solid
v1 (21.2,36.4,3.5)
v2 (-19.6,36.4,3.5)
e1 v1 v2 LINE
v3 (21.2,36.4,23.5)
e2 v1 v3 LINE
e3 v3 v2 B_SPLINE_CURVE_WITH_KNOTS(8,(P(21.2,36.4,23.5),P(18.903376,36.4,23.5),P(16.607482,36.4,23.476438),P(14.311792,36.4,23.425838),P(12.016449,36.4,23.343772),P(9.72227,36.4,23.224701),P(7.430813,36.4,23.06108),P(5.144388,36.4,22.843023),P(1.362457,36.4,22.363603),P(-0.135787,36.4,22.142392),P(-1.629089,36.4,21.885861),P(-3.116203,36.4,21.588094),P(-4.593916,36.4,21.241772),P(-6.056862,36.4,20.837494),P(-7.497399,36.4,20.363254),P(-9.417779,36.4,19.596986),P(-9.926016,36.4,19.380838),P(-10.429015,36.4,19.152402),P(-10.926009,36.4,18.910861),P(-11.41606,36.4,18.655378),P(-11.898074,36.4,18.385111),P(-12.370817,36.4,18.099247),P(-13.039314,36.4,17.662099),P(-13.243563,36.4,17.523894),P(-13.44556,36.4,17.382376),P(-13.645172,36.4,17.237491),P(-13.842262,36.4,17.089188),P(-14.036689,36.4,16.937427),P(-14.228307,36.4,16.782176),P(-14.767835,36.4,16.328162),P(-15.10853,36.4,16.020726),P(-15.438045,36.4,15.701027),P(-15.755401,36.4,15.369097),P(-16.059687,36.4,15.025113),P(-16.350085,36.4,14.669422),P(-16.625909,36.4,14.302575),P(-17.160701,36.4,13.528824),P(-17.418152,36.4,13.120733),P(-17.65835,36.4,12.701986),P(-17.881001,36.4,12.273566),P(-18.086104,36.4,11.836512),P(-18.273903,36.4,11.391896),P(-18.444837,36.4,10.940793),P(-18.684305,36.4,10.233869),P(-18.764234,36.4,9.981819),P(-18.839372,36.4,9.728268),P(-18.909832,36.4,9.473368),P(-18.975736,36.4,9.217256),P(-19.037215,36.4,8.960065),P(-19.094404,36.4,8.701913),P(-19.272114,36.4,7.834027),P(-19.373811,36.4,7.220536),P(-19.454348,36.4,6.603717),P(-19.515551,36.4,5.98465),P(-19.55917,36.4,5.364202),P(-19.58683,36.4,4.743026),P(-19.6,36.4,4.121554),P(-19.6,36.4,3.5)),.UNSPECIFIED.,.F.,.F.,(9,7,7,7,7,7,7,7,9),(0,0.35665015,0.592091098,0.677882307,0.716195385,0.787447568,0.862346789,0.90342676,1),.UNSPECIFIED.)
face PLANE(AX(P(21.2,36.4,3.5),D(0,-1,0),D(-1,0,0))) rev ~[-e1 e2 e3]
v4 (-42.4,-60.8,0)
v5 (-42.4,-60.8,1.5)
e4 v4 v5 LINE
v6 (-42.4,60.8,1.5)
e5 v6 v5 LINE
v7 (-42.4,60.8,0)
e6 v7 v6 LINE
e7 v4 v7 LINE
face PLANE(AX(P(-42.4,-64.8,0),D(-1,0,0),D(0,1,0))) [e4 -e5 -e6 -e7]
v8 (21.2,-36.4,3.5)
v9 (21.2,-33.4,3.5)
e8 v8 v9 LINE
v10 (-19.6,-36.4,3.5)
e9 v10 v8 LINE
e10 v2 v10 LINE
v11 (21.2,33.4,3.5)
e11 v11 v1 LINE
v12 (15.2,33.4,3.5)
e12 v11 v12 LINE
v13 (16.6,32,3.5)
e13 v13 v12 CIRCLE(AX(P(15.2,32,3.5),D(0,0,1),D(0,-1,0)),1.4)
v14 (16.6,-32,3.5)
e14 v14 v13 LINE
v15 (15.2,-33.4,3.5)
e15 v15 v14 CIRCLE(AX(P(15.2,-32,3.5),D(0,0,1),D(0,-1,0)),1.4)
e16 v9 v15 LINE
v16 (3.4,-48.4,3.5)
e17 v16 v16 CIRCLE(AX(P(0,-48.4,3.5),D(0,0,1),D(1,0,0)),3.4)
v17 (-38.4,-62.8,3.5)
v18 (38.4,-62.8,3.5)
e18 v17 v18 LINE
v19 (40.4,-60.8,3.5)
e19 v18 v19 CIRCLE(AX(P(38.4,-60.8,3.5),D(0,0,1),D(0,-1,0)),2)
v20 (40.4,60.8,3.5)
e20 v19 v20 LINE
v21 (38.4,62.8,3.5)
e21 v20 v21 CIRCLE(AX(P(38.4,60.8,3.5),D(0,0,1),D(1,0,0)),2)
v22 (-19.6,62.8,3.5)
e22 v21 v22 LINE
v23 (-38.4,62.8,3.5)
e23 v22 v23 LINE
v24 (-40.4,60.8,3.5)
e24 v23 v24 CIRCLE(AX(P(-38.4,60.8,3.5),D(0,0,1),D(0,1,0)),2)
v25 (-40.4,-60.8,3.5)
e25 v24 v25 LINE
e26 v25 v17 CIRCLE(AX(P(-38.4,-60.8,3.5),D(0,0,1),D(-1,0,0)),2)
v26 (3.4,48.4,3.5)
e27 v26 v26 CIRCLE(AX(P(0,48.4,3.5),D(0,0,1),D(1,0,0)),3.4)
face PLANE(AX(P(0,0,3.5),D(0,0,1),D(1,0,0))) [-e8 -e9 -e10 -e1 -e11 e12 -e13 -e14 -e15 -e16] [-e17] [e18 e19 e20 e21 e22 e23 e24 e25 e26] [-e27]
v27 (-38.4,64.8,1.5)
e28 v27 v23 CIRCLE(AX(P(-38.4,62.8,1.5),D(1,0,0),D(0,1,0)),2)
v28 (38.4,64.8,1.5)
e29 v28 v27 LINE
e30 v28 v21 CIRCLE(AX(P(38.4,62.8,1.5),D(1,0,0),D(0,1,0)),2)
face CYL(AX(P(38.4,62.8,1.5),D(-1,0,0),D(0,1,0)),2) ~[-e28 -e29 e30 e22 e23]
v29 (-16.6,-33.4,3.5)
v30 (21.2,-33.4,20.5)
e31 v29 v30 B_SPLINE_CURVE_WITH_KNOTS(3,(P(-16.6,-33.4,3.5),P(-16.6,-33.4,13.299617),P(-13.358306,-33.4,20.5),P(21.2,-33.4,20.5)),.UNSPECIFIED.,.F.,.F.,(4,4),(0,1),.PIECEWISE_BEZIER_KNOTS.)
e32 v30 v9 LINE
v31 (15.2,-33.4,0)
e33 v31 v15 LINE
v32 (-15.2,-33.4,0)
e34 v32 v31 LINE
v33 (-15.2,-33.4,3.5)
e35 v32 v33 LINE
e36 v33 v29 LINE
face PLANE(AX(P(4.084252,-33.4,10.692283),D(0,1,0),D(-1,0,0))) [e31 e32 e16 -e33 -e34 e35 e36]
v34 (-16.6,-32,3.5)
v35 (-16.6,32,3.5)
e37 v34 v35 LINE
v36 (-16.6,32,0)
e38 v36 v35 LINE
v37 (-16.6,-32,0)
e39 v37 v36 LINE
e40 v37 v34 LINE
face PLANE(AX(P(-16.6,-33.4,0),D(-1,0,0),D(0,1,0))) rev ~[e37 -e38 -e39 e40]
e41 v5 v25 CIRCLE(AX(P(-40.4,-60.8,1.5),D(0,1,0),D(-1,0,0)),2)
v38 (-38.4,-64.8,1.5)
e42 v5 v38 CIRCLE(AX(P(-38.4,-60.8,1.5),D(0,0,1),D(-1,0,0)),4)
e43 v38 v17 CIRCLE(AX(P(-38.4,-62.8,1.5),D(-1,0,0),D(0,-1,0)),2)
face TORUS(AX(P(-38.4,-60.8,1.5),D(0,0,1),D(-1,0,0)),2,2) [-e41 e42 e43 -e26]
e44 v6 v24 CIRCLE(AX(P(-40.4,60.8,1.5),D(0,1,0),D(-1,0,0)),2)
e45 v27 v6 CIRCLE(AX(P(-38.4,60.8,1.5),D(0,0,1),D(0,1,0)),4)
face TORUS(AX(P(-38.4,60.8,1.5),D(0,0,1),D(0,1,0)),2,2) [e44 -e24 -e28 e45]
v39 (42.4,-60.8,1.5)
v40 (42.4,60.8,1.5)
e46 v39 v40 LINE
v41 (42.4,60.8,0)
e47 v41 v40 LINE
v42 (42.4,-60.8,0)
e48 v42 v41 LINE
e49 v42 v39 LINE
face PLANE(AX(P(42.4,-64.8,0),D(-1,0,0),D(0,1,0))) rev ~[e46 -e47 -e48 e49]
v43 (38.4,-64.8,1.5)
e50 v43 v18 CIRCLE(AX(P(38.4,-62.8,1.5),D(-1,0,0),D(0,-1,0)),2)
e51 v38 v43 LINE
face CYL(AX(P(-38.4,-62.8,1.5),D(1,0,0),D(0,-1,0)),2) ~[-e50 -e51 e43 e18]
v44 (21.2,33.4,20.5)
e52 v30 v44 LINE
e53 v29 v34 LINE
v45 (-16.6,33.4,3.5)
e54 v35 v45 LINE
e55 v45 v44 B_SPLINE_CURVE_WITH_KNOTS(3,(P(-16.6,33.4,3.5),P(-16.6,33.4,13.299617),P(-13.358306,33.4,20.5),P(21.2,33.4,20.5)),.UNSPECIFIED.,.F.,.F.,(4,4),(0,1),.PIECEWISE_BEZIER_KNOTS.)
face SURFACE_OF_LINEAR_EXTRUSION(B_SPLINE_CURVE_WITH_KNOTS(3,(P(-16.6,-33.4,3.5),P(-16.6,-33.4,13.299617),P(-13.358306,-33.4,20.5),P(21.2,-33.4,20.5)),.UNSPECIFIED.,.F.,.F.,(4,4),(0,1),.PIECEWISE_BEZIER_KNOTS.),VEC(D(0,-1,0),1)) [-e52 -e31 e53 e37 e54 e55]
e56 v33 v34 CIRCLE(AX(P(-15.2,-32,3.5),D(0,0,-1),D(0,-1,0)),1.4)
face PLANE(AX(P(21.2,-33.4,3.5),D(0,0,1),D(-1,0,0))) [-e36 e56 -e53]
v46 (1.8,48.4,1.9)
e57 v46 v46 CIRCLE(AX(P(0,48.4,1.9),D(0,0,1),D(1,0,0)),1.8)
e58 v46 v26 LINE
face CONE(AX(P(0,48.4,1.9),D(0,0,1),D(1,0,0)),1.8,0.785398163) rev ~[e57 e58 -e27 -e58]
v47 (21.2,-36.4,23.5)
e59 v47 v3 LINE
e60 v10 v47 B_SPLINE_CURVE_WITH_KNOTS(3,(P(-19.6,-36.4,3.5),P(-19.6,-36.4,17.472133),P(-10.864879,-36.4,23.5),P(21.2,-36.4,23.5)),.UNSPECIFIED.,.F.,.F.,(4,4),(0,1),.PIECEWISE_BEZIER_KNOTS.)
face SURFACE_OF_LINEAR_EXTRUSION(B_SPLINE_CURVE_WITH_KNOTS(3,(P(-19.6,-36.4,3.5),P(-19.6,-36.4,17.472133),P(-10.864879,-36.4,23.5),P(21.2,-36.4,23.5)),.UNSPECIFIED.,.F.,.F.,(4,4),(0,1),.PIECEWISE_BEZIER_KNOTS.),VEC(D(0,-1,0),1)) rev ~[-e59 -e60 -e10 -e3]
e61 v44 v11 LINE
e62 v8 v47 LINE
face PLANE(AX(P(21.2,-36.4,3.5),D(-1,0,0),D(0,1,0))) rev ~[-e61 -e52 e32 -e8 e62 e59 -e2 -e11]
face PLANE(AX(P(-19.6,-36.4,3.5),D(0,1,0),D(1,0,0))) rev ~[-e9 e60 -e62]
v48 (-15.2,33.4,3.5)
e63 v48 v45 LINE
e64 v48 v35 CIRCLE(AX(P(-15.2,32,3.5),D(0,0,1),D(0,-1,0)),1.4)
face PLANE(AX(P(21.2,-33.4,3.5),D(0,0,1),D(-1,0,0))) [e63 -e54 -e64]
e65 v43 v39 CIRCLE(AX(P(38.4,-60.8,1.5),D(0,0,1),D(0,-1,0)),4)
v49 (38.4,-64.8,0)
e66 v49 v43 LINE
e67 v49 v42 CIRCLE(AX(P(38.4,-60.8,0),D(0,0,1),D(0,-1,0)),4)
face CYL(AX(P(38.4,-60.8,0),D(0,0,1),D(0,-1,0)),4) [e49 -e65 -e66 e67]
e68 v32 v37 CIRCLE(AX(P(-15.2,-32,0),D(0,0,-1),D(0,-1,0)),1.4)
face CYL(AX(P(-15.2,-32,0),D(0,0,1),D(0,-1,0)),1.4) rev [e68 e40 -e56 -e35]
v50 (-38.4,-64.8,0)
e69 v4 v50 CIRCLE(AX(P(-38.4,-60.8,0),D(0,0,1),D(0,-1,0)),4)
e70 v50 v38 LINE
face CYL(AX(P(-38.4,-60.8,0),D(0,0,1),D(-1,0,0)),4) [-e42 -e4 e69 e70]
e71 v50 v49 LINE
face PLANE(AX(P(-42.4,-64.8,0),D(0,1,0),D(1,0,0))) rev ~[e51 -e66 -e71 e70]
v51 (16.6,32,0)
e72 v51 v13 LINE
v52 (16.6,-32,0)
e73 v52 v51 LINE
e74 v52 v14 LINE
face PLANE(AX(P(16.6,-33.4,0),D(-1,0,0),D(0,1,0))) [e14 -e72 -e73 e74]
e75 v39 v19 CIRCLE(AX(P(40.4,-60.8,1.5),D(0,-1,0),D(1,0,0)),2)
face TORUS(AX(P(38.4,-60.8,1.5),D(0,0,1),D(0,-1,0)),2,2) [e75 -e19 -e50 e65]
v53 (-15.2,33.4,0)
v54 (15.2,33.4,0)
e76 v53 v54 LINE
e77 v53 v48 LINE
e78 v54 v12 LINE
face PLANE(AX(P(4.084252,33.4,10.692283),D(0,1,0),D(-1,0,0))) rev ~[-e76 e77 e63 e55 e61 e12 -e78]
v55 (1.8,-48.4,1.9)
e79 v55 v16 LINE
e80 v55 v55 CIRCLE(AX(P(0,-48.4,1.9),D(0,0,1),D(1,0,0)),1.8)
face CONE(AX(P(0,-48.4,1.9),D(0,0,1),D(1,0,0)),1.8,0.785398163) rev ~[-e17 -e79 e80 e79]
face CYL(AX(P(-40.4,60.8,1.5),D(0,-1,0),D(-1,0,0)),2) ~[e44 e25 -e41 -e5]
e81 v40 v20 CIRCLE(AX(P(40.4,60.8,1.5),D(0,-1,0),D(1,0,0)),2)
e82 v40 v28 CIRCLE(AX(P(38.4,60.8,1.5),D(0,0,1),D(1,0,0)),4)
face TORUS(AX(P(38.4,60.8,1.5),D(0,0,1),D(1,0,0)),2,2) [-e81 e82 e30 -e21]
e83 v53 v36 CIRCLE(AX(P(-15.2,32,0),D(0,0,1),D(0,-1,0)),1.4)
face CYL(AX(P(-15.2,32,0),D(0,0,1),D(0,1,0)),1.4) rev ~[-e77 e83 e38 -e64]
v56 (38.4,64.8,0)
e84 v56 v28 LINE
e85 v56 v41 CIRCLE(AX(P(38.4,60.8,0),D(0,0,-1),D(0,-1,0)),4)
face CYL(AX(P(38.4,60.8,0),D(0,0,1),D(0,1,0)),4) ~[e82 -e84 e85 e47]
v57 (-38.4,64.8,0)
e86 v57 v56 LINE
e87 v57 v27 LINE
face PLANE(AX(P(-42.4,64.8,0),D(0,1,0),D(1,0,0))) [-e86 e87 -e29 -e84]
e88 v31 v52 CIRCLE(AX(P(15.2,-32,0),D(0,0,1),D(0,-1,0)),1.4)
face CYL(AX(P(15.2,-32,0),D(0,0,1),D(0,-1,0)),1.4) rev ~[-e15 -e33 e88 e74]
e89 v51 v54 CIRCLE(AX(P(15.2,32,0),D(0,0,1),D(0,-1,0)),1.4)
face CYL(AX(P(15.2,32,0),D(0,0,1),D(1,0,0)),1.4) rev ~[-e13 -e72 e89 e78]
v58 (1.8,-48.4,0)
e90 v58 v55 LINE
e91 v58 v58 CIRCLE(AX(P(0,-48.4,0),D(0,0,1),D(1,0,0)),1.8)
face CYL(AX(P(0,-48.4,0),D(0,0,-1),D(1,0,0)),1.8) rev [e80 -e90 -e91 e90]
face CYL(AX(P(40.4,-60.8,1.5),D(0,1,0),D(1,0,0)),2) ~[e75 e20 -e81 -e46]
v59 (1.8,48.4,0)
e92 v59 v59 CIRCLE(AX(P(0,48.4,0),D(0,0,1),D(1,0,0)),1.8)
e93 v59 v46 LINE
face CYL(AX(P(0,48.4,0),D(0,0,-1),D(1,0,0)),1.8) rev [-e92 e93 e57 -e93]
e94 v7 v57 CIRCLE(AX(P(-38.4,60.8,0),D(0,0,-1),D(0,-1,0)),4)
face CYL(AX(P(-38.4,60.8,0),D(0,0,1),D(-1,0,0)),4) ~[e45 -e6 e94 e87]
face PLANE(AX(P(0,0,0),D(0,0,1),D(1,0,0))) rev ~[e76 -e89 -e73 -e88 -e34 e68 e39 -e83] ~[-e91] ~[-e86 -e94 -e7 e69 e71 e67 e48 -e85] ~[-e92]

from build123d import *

# Parameters (mm, degrees)
SKETCH_W        = 84.8
SKETCH_H        = 129.6
SKETCH_R        = 1.8
SKETCH_W_2      = 33.2
SKETCH_H_2      = 66.8
PAD_DEPTH       = 3.5
CHAMFER_SIZE    = 1.6
FILLET_R        = 4
FILLET001_R     = 2
FILLET002_R     = 1.4
PAD001_DEPTH    = 20
POCKET_START    = -3
POCKET_DEPTH    = 66.8
POCKET001_DEPTH = 101.201


with BuildPart() as part:
    # Sketch → Pad (new body)
    with BuildSketch(Plane.XY):
        Rectangle(SKETCH_W, SKETCH_H)
        with Locations((0, 48.4)):
            Circle(SKETCH_R, mode=Mode.SUBTRACT)
        with Locations((0, -48.4)):
            Circle(SKETCH_R, mode=Mode.SUBTRACT)
        Rectangle(SKETCH_W_2, SKETCH_H_2, mode=Mode.SUBTRACT)
    extrude(amount=PAD_DEPTH)

    # Chamfer
    chamfer_edges = [part.edges().sort_by_distance(p)[0] for p in [
        (-1.8, -48.4, 3.5),
        (-1.8, 48.4, 3.5),
    ]]
    chamfer(chamfer_edges, length=CHAMFER_SIZE)

    # Fillet
    fillet_edges = [part.edges().sort_by_distance(p)[0] for p in [
        (42.4, 64.8, 1.75),
        (-42.4, 64.8, 1.75),
        (42.4, -64.8, 1.75),
        (-42.4, -64.8, 1.75),
    ]]
    fillet(fillet_edges, radius=FILLET_R)

    # Fillet001
    fillet001_edges = [part.edges().sort_by_distance(p)[0] for p in [
        (-41.228427, -63.628427, 3.5),
        (0, -64.8, 3.5),
        (41.228427, -63.628427, 3.5),
        (42.4, 0, 3.5),
        (41.228427, 63.628427, 3.5),
        (0, 64.8, 3.5),
        (-41.228427, 63.628427, 3.5),
        (-42.4, 0, 3.5),
    ]]
    fillet(fillet001_edges, radius=FILLET001_R)

    # Fillet002
    fillet002_edges = [part.edges().sort_by_distance(p)[0] for p in [
        (-16.6, -33.4, 1.75),
        (16.6, 33.4, 1.75),
        (16.6, -33.4, 1.75),
        (-16.6, 33.4, 1.75),
    ]]
    fillet(fillet002_edges, radius=FILLET002_R)

    # Sketch001 (on Face20 of Fillet002) → Pad001 (join)
    with BuildSketch(Plane.XY.offset(3.5)):
        Polygon((21.2, 36.4), (-19.6, 36.4), (-19.6, -36.4), (21.2, -36.4), (21.2, -33.4), (21.2, 33.4), align=None)
    extrude(amount=PAD001_DEPTH)

    # Sketch002 (on Face35 of Pad001) → Pocket (cut)
    with BuildSketch(Plane.XZ.offset(36.4).offset(POCKET_START)):
        with BuildLine():
            Line((21.2, 20.5), (21.2, 3.5))
            Line((21.2, 3.5), (-16.6, 3.5))
            add(Edge.make_bspline(
                [(-16.6, 3.5), (-16.6, 13.299617), (-13.358306, 20.5), (21.2, 20.5)],
                knots=[0, 0, 0, 0, 1, 1, 1, 1], degree=3))
        make_face()
    extrude(amount=-POCKET_DEPTH, mode=Mode.SUBTRACT)

    # Sketch003 (on Face43 of Pocket) → Pocket001 (cut, through all)
    with BuildSketch(Plane.XZ.offset(36.4)):
        with BuildLine():
            add(Edge.make_bspline(
                [(-19.6, 3.5), (-19.6, 17.472133), (-10.864879, 23.5), (21.2, 23.5)],
                knots=[0, 0, 0, 0, 1, 1, 1, 1], degree=3))
            Line((21.2, 23.5), (-19.6, 23.5))
            Line((-19.6, 23.5), (-19.6, 3.5))
        make_face()
    extrude(amount=-POCKET001_DEPTH, mode=Mode.SUBTRACT)


solid = part.part
